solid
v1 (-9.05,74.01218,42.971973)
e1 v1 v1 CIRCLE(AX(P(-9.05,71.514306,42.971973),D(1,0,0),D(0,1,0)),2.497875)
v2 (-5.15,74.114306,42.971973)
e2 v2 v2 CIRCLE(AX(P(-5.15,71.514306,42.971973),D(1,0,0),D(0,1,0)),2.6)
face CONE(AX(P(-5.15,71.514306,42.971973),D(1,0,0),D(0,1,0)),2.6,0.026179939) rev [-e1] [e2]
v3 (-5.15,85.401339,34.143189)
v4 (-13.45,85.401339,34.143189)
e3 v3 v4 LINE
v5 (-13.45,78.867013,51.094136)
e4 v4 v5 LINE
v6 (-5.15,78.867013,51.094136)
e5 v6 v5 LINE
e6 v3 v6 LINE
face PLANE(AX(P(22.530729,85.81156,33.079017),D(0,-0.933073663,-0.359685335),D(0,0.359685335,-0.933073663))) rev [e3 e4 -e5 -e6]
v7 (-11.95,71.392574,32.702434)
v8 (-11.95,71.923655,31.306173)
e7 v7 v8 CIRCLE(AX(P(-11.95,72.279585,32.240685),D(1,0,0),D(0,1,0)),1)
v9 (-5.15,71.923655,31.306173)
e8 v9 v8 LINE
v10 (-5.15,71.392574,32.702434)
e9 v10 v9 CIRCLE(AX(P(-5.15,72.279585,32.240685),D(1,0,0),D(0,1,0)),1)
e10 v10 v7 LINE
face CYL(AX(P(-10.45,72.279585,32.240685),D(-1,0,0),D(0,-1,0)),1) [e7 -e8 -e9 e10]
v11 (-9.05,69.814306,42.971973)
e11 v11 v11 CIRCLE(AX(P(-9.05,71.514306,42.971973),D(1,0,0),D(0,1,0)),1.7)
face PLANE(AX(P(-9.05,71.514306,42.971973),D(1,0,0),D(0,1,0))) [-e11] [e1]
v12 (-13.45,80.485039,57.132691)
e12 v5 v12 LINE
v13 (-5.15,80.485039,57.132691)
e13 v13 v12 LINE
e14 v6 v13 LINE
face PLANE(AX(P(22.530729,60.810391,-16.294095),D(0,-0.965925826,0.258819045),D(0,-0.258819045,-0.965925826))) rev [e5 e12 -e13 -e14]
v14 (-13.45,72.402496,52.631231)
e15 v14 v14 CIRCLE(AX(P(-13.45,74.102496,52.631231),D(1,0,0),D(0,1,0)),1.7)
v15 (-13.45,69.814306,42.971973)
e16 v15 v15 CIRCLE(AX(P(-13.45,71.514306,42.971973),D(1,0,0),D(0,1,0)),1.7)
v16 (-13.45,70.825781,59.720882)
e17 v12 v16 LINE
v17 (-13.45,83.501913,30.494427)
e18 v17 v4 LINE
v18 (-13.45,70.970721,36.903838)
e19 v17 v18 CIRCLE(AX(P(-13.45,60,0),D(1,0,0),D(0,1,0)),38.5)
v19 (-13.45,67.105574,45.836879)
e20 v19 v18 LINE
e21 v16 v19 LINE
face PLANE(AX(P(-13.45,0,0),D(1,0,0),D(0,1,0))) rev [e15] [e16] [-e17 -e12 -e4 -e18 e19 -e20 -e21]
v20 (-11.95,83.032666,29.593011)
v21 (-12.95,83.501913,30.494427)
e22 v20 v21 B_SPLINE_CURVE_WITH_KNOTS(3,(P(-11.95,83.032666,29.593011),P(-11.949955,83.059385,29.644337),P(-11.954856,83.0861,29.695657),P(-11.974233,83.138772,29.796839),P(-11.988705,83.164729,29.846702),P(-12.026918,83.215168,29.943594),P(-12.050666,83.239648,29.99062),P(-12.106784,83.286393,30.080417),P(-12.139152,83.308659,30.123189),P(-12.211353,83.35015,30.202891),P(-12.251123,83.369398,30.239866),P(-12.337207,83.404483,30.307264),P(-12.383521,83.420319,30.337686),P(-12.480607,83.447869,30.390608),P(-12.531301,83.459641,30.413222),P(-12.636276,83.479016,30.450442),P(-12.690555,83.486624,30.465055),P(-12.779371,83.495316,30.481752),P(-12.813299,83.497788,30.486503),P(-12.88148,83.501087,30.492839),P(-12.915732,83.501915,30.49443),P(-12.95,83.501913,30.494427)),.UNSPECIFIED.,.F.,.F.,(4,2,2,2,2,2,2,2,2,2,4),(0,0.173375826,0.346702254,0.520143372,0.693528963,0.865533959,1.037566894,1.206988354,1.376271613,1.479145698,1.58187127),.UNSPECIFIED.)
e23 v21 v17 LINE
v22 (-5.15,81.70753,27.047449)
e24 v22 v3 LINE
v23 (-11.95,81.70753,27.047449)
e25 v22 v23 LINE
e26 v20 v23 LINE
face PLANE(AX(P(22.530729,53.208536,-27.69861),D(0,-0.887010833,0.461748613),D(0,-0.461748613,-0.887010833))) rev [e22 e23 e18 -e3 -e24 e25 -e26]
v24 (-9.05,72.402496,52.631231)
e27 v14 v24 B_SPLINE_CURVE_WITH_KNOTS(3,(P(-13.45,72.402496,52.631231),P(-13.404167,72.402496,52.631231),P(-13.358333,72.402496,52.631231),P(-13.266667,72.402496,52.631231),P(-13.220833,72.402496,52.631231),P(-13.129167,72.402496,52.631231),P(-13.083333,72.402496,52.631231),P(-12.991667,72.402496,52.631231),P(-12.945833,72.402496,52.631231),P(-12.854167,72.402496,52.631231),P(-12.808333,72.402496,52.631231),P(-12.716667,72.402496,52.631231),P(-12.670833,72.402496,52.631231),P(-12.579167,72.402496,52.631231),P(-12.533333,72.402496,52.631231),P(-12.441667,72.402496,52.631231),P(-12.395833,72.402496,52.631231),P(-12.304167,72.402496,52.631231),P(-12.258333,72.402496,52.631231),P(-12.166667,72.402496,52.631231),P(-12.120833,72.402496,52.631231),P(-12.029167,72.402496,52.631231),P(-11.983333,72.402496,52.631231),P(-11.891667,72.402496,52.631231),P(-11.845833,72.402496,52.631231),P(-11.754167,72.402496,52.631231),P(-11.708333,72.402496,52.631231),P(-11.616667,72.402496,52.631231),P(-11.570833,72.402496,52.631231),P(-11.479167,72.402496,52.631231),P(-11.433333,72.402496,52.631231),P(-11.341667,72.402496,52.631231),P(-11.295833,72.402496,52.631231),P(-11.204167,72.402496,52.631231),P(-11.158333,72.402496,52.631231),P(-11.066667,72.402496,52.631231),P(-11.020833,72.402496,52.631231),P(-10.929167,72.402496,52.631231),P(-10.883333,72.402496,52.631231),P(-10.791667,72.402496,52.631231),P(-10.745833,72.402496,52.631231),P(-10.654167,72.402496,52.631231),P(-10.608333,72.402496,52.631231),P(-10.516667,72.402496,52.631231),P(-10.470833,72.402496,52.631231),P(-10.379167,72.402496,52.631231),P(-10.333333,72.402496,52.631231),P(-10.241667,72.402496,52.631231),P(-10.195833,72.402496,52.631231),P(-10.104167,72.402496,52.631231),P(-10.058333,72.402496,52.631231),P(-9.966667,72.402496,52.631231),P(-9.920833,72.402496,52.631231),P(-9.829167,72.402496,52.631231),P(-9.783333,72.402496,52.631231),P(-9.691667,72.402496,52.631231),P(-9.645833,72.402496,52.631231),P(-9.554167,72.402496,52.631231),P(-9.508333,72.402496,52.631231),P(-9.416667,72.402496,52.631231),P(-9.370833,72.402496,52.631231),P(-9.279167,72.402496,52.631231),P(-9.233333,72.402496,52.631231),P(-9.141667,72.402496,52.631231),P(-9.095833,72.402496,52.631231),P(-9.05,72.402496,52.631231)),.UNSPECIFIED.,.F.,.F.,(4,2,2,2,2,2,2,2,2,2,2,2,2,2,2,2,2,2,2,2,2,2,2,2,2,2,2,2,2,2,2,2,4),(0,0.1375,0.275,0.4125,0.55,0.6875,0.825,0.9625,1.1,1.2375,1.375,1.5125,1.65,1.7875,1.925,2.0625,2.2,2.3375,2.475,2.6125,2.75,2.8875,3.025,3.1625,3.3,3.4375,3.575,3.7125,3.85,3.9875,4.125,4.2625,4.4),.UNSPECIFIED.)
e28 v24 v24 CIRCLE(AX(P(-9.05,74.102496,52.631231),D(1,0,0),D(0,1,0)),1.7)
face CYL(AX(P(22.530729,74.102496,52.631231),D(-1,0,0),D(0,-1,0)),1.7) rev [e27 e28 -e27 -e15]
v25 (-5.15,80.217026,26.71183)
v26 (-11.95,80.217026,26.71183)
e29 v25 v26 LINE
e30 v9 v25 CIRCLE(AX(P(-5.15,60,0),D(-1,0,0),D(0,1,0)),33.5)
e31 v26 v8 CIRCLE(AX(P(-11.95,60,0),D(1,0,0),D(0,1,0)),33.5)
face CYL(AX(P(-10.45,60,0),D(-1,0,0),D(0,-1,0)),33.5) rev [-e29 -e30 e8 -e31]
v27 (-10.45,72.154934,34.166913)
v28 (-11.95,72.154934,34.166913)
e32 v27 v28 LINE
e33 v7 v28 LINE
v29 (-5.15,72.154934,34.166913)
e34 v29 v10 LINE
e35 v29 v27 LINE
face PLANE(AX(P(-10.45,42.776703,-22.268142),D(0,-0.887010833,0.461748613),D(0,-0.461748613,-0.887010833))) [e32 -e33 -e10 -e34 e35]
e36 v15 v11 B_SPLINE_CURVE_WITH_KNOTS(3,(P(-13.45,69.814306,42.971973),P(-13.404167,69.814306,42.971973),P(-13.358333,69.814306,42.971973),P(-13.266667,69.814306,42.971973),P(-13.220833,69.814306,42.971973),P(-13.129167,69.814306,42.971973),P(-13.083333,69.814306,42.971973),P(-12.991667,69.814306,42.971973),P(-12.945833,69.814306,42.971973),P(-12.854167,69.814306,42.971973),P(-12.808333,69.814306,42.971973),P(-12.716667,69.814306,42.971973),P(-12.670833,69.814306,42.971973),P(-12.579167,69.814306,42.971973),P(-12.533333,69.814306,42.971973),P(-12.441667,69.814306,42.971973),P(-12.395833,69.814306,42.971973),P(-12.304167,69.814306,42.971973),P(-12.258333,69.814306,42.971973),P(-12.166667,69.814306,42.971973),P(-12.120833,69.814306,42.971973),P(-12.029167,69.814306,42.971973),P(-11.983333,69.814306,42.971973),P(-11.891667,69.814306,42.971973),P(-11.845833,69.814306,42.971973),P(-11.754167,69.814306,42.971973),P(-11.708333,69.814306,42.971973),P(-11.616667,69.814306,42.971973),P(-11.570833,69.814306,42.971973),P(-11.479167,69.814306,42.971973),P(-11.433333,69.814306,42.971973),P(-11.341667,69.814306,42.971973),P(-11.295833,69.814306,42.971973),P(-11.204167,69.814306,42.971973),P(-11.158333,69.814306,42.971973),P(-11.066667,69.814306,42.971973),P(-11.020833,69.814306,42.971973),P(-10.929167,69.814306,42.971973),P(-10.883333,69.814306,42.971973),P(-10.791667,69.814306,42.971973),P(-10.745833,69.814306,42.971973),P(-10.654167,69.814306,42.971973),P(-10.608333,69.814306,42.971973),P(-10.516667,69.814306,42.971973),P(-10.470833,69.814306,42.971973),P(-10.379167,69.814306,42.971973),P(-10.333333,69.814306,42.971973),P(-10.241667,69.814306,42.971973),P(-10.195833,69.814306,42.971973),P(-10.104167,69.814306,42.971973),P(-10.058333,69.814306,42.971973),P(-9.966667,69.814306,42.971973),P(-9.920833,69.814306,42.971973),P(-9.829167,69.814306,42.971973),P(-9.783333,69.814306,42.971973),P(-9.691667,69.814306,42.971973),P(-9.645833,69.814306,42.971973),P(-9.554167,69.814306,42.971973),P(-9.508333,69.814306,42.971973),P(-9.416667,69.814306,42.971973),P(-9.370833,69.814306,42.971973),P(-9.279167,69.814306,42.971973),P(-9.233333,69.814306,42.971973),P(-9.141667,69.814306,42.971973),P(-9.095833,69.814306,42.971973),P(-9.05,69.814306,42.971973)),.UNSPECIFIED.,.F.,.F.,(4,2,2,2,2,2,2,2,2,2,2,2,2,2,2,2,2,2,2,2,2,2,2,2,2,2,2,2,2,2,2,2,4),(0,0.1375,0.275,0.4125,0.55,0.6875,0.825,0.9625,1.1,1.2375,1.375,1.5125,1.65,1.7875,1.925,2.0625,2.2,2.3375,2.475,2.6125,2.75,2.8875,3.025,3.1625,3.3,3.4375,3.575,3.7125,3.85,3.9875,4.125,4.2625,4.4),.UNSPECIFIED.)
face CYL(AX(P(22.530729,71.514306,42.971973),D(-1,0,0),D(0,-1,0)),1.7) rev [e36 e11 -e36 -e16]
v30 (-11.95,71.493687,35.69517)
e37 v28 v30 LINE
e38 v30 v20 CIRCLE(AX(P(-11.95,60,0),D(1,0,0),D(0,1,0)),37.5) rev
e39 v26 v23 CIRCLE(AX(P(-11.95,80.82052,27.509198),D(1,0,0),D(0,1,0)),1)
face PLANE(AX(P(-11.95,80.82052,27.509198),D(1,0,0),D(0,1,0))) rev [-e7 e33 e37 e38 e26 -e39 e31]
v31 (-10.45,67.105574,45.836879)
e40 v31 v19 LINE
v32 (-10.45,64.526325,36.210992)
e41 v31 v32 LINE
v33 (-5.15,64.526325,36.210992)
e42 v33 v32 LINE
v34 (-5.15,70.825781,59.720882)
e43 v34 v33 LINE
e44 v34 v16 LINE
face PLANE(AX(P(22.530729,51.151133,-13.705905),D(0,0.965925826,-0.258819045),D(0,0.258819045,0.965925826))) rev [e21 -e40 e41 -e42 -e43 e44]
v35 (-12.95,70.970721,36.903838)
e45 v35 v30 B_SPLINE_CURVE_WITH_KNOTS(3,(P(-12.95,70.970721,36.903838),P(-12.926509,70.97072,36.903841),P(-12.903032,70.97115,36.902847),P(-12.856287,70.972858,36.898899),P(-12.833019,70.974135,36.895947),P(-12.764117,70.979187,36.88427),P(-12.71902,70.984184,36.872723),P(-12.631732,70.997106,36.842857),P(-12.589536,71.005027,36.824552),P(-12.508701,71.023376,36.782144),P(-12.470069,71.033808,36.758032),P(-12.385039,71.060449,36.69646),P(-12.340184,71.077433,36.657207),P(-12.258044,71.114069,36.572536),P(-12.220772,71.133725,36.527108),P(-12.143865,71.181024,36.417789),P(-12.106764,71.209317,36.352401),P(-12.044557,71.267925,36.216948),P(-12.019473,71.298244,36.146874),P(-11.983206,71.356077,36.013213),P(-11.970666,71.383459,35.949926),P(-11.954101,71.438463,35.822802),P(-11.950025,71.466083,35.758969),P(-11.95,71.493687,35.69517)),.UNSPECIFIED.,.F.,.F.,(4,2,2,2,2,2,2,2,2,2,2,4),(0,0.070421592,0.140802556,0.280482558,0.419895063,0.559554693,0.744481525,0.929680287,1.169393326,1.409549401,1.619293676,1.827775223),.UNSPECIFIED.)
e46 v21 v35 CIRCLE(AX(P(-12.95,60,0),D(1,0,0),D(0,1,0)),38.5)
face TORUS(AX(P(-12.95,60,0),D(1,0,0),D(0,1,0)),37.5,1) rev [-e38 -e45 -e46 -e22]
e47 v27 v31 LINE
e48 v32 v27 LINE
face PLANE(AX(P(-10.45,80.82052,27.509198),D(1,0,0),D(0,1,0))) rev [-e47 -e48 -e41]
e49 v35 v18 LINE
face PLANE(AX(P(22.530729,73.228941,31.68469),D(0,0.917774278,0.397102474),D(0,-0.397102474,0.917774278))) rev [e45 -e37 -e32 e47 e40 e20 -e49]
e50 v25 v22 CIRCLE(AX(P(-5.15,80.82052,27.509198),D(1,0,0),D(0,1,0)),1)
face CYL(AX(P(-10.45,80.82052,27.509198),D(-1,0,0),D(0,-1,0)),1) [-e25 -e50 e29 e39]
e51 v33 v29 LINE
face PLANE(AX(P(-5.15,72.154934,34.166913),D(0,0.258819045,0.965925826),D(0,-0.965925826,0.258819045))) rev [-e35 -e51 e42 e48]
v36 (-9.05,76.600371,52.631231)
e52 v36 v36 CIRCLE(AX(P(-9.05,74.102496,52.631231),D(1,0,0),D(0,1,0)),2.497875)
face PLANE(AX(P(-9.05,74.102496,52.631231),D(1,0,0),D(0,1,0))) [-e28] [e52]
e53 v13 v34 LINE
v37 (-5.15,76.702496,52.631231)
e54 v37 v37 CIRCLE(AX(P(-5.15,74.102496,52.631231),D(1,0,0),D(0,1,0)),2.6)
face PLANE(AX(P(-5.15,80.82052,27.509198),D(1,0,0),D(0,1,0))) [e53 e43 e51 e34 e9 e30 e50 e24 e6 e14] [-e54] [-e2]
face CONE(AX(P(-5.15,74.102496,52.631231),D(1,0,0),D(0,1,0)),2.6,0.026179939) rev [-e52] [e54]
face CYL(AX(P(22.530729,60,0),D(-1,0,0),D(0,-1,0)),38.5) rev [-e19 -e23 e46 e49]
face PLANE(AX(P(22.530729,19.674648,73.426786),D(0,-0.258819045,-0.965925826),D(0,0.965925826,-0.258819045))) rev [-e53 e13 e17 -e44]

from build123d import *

# Parameters (mm, degrees)
SKETCH1_R                    = 1.7
BOSS_EXTRUDE1_DEPTH          = 1.5
BOSS_EXTRUDE2_START          = 1.5
SKETCH1_3_R                  = 1.7
BOSS_EXTRUDE2_DEPTH          = 1.5
FILLET1_R                    = 1
SKETCH2_R                    = 1.7
BOSS_EXTRUDE3_DEPTH          = 5.3
SKETCH3_R                    = 2.6
CUT_EXTRUDE1_DEPTH           = 3.9
CUT_EXTRUDE1_DRAFT           = -1.5
CUT_EXTRUDE1_PROFILE_2_DEPTH = 3.9
CUT_EXTRUDE1_PROFILE_2_DRAFT = -1.5


with BuildPart() as part:
    # Sketch1 → Boss-Extrude1 (new body)
    with BuildSketch(Plane(origin=(-13.45, 0, 0), x_dir=(0, 0, -1), z_dir=(1, 0, 0))):
        with BuildLine():
            ThreePointArc((-36.90383834, 70.970720842), (-34.276657251, 77.531707495), (-30.494426781, 83.501913439))
            Line((-30.494426781, 83.501913439), (-34.143188918, 85.401338783))
            Line((-34.143188918, 85.401338783), (-51.094135774, 78.867013321))
            Line((-51.094135774, 78.867013321), (-57.13269116, 80.48503936))
            Line((-57.13269116, 80.48503936), (-59.720881611, 70.825781097))
            Line((-59.720881611, 70.825781097), (-45.836878975, 67.105573803))
            Line((-45.836878975, 67.105573803), (-36.90383834, 70.970720842))
        make_face()
        with Locations(Location((-52.631231428, 74.102495958, 0), (0, 0, 270))):
            Circle(SKETCH1_R, mode=Mode.SUBTRACT)
        with Locations(Location((-42.971973165, 71.514305507, 0), (0, 0, 270))):
            Circle(SKETCH1_R, mode=Mode.SUBTRACT)
    extrude(amount=BOSS_EXTRUDE1_DEPTH)

    # Sketch1<3> → Boss-Extrude2 (add)
    with BuildSketch(Plane(origin=(-13.45, 0, 0), x_dir=(0, 0, -1), z_dir=(1, 0, 0)).offset(BOSS_EXTRUDE2_START)):
        with BuildLine():
            Line((-34.143188918, 85.401338783), (-51.094135774, 78.867013321))
            Line((-51.094135774, 78.867013321), (-57.13269116, 80.48503936))
            Line((-57.13269116, 80.48503936), (-59.720881611, 70.825781097))
            Line((-59.720881611, 70.825781097), (-45.836878975, 67.105573803))
            Line((-45.836878975, 67.105573803), (-34.166912695, 72.154933529))
            Line((-34.166912695, 72.154933529), (-32.702433972, 71.39257416))
            ThreePointArc((-32.702433972, 71.39257416), (-31.885174228, 71.344912946), (-31.30617274, 71.923654993))
            ThreePointArc((-31.30617274, 71.923654993), (-29.303876098, 76.233694761), (-26.711829723, 80.21702631))
            ThreePointArc((-26.711829723, 80.21702631), (-26.533623916, 81.040191312), (-27.047449161, 81.707530466))
            Line((-27.047449161, 81.707530466), (-34.143188918, 85.401338783))
        make_face()
        with Locations(Location((-52.631231428, 74.102495958, 0), (0, 0, 270))):
            Circle(SKETCH1_3_R, mode=Mode.SUBTRACT)
        with Locations(Location((-42.971973165, 71.514305507, 0), (0, 0, 270))):
            Circle(SKETCH1_3_R, mode=Mode.SUBTRACT)
    extrude(amount=BOSS_EXTRUDE2_DEPTH)

    # Fillet1
    fillet1_edges = [part.edges().sort_by_distance(p)[0] for p in [
        (-11.95, 77.531707495, 34.276657251),
    ]]
    fillet(fillet1_edges, radius=FILLET1_R)

    # Sketch2 → Boss-Extrude3 (add)
    with BuildSketch(Plane(origin=(-10.45, 0, 0), x_dir=(0, 0, -1), z_dir=(1, 0, 0))):
        with BuildLine():
            Line((-34.166912695, 72.154933529), (-36.210992136, 64.526325198))
            Line((-36.210992136, 64.526325198), (-45.836878975, 67.105573803))
            Line((-45.836878975, 67.105573803), (-59.720881611, 70.825781097))
            Line((-59.720881611, 70.825781097), (-57.13269116, 80.48503936))
            Line((-57.13269116, 80.48503936), (-51.094135774, 78.867013321))
            Line((-51.094135774, 78.867013321), (-34.143188918, 85.401338783))
            Line((-34.143188918, 85.401338783), (-27.047449161, 81.707530466))
            ThreePointArc((-27.047449161, 81.707530466), (-26.533623916, 81.040191312), (-26.711829723, 80.21702631))
            ThreePointArc((-26.711829723, 80.21702631), (-29.303876098, 76.233694761), (-31.30617274, 71.923654993))
            ThreePointArc((-31.30617274, 71.923654993), (-31.885174228, 71.344912946), (-32.702433972, 71.39257416))
            Line((-32.702433972, 71.39257416), (-34.166912695, 72.154933529))
        make_face()
        with Locations(Location((-42.971973165, 71.514305507, 0), (0, 0, 270))):
            Circle(SKETCH2_R, mode=Mode.SUBTRACT)
        with Locations(Location((-52.631231428, 74.102495958, 0), (0, 0, 270))):
            Circle(SKETCH2_R, mode=Mode.SUBTRACT)
    extrude(amount=BOSS_EXTRUDE3_DEPTH)


with BuildPart() as cut_extrude1_tool:
    # Sketch3 → Cut-Extrude1 (with draft: the straight prism first)
    with BuildSketch(Plane(origin=(-5.15, 0, 0), x_dir=(0, 0, -1), z_dir=(1, 0, 0))):
        with Locations((-52.631231428, 74.102495958)):
            Circle(SKETCH3_R)
    extrude(amount=-CUT_EXTRUDE1_DEPTH)
    # Cut-Extrude1: the draft: its side faces are tilted about the plane it starts from
    cut_extrude1_sides = [cut_extrude1_tool.faces().sort_by_distance(p)[0] for p in [
        (-7.1, 74.102495958, 55.231231428),
    ]]
    draft(cut_extrude1_sides, Plane(origin=(-5.15, 0, 0), x_dir=(0, 0, -1), z_dir=(1, 0, 0)), CUT_EXTRUDE1_DRAFT)


with BuildPart() as part_1:
    add(part.part)

    # Cut-Extrude1: cut by cut_extrude1_tool
    add(cut_extrude1_tool.part, mode=Mode.SUBTRACT)


with BuildPart() as cut_extrude1_profile_2_tool:
    # Sketch3 → Cut-Extrude1 profile 2 (with draft: the straight prism first)
    with BuildSketch(Plane(origin=(-5.15, 0, 0), x_dir=(0, 0, -1), z_dir=(1, 0, 0))):
        with Locations((-42.971973165, 71.514305507)):
            Circle(SKETCH3_R)
    extrude(amount=-CUT_EXTRUDE1_PROFILE_2_DEPTH)
    # Cut-Extrude1 profile 2: the draft: its side faces are tilted about the plane it starts from
    cut_extrude1_profile_2_sides = [cut_extrude1_profile_2_tool.faces().sort_by_distance(p)[0] for p in [
        (-7.1, 71.514305507, 45.571973165),
    ]]
    draft(cut_extrude1_profile_2_sides, Plane(origin=(-5.15, 0, 0), x_dir=(0, 0, -1), z_dir=(1, 0, 0)), CUT_EXTRUDE1_PROFILE_2_DRAFT)


with BuildPart() as part_2:
    add(part_1.part)

    # Cut-Extrude1 profile 2: cut by cut_extrude1_profile_2_tool
    add(cut_extrude1_profile_2_tool.part, mode=Mode.SUBTRACT)


solid = part_2.part
